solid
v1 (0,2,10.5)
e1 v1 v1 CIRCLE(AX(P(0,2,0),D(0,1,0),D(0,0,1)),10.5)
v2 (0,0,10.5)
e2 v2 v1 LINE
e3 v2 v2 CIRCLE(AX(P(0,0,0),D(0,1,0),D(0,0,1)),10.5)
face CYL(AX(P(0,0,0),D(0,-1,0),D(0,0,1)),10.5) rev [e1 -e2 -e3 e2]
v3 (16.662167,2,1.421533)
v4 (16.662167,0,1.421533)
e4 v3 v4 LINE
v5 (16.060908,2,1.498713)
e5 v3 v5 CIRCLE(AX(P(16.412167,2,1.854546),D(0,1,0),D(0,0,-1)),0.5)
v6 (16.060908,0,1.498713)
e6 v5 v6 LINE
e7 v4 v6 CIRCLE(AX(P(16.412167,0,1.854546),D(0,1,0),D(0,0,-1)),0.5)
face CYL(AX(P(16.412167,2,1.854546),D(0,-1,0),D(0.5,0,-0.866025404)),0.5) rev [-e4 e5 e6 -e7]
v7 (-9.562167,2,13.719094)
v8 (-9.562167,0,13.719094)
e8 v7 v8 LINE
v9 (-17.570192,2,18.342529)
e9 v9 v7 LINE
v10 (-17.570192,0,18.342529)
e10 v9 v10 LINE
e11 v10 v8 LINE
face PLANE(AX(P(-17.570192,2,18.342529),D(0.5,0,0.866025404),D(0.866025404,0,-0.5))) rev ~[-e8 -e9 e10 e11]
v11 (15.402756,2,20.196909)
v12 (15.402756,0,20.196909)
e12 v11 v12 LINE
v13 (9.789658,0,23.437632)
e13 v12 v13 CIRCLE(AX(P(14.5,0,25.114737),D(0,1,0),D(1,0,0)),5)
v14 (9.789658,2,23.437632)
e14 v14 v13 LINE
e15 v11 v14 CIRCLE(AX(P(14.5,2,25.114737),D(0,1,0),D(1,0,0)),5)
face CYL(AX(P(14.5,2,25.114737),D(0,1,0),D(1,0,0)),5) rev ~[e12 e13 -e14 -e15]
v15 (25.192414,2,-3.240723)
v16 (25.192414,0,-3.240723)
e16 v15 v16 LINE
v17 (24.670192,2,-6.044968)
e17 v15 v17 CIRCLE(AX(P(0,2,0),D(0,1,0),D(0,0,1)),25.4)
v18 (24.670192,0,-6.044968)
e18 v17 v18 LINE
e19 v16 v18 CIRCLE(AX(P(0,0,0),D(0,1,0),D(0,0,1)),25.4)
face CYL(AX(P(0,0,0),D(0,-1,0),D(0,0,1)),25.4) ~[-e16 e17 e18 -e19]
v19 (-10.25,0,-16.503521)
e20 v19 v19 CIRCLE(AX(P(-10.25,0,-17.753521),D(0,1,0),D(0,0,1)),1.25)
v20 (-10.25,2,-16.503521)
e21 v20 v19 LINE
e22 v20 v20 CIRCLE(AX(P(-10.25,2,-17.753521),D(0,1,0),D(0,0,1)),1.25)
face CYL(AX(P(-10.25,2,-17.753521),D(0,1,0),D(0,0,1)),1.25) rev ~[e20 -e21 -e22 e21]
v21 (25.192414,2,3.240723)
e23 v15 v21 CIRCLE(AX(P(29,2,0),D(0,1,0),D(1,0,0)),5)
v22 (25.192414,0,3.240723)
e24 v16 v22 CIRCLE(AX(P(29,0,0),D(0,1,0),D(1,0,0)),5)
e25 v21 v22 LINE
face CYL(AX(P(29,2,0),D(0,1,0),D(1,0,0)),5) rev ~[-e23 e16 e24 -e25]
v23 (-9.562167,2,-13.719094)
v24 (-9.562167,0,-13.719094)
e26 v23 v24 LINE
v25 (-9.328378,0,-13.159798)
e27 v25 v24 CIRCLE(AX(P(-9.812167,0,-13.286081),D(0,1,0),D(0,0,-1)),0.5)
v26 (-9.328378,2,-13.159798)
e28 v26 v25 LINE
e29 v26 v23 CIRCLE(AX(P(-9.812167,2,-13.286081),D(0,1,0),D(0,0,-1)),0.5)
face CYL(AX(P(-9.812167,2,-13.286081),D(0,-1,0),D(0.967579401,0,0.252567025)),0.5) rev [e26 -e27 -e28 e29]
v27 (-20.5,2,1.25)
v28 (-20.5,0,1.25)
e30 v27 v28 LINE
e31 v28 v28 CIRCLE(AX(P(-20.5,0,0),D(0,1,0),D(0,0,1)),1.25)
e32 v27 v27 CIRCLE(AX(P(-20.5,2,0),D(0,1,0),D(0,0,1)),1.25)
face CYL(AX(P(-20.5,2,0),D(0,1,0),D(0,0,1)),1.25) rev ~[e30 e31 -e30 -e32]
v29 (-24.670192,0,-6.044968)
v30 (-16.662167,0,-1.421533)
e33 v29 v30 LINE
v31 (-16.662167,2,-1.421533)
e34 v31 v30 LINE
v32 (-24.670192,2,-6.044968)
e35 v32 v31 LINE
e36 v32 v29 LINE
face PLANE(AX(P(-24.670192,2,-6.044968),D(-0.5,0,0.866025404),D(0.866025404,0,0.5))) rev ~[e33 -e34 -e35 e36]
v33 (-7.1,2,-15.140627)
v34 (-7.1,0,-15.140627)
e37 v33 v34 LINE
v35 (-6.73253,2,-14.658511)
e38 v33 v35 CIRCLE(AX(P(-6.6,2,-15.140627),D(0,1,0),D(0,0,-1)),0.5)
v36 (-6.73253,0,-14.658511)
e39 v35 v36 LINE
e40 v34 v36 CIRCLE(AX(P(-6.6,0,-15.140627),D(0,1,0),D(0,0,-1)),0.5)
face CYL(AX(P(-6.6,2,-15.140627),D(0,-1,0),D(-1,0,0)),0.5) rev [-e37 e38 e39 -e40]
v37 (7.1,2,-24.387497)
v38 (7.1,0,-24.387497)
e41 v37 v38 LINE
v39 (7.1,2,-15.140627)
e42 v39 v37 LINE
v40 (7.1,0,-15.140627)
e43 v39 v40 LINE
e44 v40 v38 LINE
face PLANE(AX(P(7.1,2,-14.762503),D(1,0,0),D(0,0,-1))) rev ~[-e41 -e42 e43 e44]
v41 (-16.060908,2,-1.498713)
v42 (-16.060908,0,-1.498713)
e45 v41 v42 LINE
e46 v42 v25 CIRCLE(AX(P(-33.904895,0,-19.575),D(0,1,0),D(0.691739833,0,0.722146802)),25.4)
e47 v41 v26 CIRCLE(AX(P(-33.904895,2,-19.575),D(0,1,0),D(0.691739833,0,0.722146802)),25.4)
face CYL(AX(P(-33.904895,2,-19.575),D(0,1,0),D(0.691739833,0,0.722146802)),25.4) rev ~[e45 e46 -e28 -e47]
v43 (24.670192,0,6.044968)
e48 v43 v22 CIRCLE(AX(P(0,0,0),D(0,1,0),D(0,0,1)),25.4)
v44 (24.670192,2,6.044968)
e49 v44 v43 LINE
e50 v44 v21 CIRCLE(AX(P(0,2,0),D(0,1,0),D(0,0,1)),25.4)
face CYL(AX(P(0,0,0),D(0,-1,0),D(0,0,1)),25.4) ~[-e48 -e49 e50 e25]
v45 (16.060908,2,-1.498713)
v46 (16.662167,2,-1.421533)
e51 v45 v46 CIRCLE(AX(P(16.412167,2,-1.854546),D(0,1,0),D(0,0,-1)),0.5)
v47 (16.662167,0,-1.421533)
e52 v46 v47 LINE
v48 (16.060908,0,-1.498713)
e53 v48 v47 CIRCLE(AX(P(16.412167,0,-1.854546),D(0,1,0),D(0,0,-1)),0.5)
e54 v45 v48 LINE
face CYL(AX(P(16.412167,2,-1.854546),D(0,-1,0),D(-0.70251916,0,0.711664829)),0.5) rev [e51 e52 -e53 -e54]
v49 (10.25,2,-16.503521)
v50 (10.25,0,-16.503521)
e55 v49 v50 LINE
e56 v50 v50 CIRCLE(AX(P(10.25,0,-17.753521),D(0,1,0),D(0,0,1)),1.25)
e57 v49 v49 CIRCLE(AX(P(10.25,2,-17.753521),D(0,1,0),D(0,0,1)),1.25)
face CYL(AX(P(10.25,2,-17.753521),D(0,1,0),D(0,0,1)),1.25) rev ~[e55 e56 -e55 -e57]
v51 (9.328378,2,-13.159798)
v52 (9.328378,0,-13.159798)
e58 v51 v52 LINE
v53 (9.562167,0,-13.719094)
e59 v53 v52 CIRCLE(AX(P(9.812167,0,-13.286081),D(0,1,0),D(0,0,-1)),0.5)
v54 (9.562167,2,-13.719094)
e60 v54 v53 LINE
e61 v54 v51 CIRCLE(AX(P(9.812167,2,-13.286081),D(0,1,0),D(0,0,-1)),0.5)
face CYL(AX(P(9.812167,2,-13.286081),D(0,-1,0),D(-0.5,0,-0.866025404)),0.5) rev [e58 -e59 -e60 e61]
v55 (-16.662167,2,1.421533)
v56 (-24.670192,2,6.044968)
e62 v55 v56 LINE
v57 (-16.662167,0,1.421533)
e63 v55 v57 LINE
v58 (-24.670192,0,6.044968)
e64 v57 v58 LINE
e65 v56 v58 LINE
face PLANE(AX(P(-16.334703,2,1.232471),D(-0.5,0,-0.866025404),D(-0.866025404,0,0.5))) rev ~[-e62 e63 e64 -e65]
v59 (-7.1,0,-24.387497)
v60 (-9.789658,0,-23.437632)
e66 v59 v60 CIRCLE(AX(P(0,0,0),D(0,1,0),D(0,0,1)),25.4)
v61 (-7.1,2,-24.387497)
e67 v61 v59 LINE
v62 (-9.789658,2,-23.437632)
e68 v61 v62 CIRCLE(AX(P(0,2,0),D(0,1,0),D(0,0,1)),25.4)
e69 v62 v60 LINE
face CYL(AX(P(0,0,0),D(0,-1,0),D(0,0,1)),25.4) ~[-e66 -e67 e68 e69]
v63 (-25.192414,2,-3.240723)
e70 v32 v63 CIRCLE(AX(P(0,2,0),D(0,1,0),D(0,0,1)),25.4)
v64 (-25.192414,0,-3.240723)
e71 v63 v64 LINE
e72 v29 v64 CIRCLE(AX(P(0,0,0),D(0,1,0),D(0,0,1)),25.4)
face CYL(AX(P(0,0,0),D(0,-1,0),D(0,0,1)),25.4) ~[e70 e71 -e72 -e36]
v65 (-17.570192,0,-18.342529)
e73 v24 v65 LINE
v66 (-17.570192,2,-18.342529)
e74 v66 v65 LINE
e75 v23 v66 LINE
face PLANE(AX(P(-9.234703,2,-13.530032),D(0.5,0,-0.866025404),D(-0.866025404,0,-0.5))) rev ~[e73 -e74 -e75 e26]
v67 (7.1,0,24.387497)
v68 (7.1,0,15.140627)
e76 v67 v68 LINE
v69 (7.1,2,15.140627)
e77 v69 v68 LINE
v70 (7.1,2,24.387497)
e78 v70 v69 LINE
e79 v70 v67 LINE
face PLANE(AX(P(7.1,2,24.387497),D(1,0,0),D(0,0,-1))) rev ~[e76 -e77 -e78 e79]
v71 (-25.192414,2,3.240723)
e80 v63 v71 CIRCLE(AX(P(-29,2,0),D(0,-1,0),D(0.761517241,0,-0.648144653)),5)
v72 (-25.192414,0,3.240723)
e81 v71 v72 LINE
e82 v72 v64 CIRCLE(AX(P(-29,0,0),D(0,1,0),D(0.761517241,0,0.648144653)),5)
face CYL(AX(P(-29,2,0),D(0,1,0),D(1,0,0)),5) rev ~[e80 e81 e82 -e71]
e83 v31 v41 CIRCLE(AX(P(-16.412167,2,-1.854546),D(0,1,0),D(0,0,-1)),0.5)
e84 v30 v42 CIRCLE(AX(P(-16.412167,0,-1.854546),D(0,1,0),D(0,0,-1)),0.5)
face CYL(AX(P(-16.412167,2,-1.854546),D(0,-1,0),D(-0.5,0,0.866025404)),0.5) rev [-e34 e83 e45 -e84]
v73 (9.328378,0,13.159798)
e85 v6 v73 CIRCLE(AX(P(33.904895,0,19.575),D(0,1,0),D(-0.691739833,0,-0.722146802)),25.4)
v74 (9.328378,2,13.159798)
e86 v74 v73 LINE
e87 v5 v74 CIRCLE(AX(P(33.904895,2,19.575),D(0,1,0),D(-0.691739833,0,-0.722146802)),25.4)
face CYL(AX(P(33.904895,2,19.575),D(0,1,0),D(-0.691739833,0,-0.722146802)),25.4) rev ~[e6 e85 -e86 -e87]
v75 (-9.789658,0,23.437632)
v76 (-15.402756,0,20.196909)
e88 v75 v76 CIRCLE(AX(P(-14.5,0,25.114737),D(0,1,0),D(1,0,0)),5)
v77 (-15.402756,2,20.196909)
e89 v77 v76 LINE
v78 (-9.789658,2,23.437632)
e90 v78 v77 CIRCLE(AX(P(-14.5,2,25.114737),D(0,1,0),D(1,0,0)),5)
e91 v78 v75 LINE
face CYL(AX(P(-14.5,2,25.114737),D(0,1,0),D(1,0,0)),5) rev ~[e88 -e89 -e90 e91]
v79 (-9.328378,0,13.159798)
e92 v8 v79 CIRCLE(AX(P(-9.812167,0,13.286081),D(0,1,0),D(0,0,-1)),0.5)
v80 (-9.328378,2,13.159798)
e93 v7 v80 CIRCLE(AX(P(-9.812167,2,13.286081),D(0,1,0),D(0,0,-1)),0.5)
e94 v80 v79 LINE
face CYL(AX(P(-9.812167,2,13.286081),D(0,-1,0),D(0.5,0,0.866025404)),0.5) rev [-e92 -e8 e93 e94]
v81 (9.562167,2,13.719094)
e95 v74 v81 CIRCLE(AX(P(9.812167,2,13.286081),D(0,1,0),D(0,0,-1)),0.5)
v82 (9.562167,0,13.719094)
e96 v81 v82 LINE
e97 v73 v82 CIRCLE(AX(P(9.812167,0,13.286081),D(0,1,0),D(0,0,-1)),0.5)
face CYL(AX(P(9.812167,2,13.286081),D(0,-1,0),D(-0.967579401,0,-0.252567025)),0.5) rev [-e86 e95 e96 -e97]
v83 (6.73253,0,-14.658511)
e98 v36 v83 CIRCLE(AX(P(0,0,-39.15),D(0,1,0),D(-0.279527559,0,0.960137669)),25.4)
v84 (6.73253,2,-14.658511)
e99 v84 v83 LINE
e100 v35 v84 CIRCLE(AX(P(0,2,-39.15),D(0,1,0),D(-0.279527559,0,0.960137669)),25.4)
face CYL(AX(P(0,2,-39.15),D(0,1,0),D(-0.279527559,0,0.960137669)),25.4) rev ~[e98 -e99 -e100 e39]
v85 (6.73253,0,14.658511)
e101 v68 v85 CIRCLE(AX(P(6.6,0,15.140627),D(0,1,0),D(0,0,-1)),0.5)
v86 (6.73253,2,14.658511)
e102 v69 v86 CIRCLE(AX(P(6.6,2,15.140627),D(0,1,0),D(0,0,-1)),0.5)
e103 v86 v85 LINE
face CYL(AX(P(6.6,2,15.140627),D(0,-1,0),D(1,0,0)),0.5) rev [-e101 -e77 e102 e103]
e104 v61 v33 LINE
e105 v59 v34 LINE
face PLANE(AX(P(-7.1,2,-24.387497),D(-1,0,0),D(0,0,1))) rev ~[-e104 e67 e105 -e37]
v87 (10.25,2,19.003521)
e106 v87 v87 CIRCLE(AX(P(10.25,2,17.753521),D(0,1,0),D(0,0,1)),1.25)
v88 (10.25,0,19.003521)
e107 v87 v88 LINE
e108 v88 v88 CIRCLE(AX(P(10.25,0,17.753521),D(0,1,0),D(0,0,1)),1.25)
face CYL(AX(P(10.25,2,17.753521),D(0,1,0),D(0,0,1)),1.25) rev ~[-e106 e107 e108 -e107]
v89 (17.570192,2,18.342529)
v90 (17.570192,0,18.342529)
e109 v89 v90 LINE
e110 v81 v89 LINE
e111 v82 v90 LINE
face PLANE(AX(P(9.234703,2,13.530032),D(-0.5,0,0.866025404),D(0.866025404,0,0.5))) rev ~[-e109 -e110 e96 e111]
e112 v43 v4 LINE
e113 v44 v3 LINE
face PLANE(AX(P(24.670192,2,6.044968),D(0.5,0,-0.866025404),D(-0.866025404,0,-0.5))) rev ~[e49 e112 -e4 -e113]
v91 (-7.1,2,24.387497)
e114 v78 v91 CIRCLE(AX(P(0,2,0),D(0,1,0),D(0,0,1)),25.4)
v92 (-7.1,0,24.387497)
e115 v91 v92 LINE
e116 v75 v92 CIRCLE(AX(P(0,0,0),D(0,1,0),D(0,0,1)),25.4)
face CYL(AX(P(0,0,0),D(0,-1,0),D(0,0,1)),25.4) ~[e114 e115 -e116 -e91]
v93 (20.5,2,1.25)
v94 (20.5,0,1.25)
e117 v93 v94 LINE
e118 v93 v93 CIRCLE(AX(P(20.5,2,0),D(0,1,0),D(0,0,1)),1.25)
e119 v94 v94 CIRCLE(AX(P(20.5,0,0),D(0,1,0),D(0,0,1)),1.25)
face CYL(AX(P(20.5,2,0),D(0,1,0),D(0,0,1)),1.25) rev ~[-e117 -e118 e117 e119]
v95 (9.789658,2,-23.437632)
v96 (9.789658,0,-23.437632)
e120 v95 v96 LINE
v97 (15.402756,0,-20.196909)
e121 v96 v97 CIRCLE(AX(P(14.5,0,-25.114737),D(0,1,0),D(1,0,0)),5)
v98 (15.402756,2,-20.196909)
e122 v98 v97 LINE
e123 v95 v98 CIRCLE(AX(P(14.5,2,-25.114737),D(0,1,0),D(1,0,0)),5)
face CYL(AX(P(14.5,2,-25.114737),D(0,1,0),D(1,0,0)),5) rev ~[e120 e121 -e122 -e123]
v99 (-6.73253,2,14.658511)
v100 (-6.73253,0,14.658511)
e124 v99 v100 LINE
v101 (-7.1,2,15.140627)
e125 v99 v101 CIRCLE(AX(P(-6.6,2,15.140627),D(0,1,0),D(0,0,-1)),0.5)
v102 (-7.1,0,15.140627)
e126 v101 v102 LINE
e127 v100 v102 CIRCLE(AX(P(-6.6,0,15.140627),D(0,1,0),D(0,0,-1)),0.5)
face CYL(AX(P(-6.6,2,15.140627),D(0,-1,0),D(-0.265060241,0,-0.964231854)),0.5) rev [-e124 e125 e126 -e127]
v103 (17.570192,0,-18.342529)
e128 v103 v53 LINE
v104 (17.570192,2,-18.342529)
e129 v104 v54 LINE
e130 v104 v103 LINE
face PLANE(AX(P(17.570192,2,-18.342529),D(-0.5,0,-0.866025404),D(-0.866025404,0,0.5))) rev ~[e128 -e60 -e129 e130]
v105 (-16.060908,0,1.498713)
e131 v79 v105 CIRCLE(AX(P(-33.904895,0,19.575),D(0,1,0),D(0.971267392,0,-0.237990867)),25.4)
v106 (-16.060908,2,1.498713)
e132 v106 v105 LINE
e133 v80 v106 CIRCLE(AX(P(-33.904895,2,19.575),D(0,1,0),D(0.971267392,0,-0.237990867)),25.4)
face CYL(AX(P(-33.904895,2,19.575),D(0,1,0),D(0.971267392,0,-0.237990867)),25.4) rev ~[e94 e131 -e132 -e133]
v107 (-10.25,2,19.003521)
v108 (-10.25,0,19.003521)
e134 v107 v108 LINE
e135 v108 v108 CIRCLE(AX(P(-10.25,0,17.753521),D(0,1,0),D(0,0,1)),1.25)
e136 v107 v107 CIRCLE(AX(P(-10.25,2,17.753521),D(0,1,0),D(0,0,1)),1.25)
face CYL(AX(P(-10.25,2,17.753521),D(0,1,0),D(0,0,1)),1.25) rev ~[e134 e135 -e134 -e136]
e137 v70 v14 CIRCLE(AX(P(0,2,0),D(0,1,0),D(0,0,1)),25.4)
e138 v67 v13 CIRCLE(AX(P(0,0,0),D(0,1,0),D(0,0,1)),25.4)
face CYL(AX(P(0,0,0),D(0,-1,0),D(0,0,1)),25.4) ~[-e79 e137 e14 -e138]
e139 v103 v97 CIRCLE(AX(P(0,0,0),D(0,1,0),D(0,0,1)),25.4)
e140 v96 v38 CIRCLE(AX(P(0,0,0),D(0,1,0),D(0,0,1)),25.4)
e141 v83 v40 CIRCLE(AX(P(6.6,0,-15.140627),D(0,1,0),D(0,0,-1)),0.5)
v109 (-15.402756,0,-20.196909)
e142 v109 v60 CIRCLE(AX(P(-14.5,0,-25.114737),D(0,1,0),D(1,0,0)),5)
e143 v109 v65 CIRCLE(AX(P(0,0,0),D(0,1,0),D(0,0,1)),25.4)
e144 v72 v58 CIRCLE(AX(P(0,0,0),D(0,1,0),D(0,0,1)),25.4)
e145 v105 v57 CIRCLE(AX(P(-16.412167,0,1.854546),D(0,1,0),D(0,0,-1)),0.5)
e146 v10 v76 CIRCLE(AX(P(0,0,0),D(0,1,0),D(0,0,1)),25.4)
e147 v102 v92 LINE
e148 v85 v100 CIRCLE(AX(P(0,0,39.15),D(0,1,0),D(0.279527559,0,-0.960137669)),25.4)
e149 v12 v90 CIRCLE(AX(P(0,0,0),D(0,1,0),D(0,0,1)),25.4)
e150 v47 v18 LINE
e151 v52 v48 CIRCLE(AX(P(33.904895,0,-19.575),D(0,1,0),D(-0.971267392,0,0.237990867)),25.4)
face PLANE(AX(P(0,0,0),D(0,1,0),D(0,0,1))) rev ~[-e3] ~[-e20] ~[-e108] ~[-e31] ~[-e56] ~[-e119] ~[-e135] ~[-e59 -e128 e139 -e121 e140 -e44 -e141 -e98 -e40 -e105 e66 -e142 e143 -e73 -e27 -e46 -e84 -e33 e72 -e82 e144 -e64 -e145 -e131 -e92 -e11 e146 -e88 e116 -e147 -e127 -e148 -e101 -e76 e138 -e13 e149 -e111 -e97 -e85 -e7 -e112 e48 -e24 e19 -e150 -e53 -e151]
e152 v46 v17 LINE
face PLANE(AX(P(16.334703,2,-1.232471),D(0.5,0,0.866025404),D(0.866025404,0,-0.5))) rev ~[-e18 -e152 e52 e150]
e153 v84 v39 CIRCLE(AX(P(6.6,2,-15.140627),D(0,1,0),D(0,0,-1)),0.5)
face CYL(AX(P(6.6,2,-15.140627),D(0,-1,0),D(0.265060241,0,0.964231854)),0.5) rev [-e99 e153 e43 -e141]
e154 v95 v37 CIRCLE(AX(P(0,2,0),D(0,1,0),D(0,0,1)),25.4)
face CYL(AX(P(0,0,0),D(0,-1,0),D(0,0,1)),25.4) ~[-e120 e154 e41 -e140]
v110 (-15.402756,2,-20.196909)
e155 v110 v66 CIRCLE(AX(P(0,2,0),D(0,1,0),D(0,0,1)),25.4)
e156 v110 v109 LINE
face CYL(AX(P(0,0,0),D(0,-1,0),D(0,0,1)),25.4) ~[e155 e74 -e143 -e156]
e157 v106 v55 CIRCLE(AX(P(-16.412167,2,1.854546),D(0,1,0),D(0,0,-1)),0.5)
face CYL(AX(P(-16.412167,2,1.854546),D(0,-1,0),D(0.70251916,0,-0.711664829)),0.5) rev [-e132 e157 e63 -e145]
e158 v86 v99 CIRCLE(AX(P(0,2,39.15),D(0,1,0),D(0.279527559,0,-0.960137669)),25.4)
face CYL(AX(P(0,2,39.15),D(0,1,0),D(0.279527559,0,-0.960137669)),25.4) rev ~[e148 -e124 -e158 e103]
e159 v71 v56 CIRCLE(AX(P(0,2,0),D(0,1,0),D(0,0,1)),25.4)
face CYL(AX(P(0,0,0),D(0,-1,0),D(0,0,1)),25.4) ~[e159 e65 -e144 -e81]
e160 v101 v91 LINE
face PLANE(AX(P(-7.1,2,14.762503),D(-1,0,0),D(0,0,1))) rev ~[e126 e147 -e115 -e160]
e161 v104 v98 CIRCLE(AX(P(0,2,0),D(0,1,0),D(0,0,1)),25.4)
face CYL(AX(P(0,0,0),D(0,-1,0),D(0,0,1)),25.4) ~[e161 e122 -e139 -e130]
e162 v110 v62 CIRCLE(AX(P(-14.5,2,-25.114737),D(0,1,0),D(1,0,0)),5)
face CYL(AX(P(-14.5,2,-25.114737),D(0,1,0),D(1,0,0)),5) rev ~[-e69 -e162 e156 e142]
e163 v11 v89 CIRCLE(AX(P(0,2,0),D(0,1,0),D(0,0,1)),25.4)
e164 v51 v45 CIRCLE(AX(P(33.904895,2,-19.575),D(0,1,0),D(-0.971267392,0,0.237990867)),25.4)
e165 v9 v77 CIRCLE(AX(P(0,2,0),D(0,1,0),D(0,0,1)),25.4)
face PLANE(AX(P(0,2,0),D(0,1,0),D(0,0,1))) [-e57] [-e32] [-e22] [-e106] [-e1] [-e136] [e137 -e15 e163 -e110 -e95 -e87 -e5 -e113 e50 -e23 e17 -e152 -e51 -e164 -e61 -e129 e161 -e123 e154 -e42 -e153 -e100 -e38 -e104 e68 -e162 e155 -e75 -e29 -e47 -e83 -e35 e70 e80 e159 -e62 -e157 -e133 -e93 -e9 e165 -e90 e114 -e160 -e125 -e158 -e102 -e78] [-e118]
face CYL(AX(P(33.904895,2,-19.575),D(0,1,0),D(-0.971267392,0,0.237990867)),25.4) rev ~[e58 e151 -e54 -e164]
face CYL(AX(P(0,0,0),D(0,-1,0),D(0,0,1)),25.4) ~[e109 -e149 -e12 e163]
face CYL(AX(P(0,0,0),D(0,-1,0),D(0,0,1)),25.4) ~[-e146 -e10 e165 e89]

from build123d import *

# Parameters (mm, degrees)
SKETCH_1_R          = 25.4
SKETCH_1_R_2        = 10.5
EXTRUDE_1_DEPTH     = 2
CUT_EXTRUDE_1_DEPTH = 36.9766591
SKETCH_3_R          = 1.25
SKETCH_3_R_2        = 5
CUT_EXTRUDE_2_DEPTH = 36.269108296
FILLET_1_R          = 0.5


with BuildPart() as part:
    # 草图1 → 凸台-拉伸1 (new body)
    with BuildSketch(Plane(origin=(0, 0, 0), x_dir=(1, 0, 0), z_dir=(0, 1, 0))):
        with Locations(Location((0, 0, 0), (0, 0, 270))):
            Circle(SKETCH_1_R)
        with Locations(Location((0, 0, 0), (0, 0, 270))):
            Circle(SKETCH_1_R_2, mode=Mode.SUBTRACT)
    extrude(amount=EXTRUDE_1_DEPTH)

    # 草图2 → 切除-拉伸1 (cut, through all)
    with BuildSketch(Plane(origin=(0, 2, 0), x_dir=(1, 0, 0), z_dir=(0, 1, 0))):
        with BuildLine():
            Line((-7.1, 24.387496797), (-7.1, 14.762503203))
            ThreePointArc((-7.1, 14.762503203), (0, 13.75), (7.1, 14.762503203))
            Line((7.1, 14.762503203), (7.1, 24.387496797))
            ThreePointArc((7.1, 24.387496797), (0, 25.4), (-7.1, 24.387496797))
        make_face()
        with BuildLine():
            Line((17.57019176, 18.342528765), (9.234702798, 13.530031969))
            ThreePointArc((9.234702798, 13.530031969), (11.907849302, 6.875), (16.334702798, 1.232471235))
            Line((16.334702798, 1.232471235), (24.67019176, 6.044968031))
            ThreePointArc((24.67019176, 6.044968031), (21.997045256, 12.7), (17.57019176, 18.342528765))
        make_face()
        with BuildLine():
            Line((24.67019176, -6.044968031), (16.334702798, -1.232471235))
            ThreePointArc((16.334702798, -1.232471235), (11.907849302, -6.875), (9.234702798, -13.530031969))
            Line((9.234702798, -13.530031969), (17.57019176, -18.342528765))
            ThreePointArc((17.57019176, -18.342528765), (21.997045256, -12.7), (24.67019176, -6.044968031))
        make_face()
        with BuildLine():
            Line((7.1, -24.387496797), (7.1, -14.762503203))
            ThreePointArc((7.1, -14.762503203), (0, -13.75), (-7.1, -14.762503203))
            Line((-7.1, -14.762503203), (-7.1, -24.387496797))
            ThreePointArc((-7.1, -24.387496797), (0, -25.4), (7.1, -24.387496797))
        make_face()
        with BuildLine():
            Line((-17.57019176, -18.342528765), (-9.234702798, -13.530031969))
            ThreePointArc((-9.234702798, -13.530031969), (-11.907849302, -6.875), (-16.334702798, -1.232471235))
            Line((-16.334702798, -1.232471235), (-24.67019176, -6.044968031))
            ThreePointArc((-24.67019176, -6.044968031), (-21.997045256, -12.7), (-17.57019176, -18.342528765))
        make_face()
        with BuildLine():
            Line((-24.67019176, 6.044968031), (-16.334702798, 1.232471235))
            ThreePointArc((-16.334702798, 1.232471235), (-11.907849302, 6.875), (-9.234702798, 13.530031969))
            Line((-9.234702798, 13.530031969), (-17.57019176, 18.342528765))
            ThreePointArc((-17.57019176, 18.342528765), (-21.997045256, 12.7), (-24.67019176, 6.044968031))
        make_face()
    extrude(amount=-CUT_EXTRUDE_1_DEPTH, mode=Mode.SUBTRACT)

    # 草图3 → 切除-拉伸2 (cut, through all)
    with BuildSketch(Plane(origin=(0, 2, 0), x_dir=(1, 0, 0), z_dir=(0, 1, 0))):
        with Locations(Location((-10.25, 17.753520778, 0), (0, 0, 270))):
            Circle(SKETCH_3_R)
        with Locations(Location((10.25, 17.753520778, 0), (0, 0, 270))):
            Circle(SKETCH_3_R)
        with Locations(Location((20.5, 0, 0), (0, 0, 270))):
            Circle(SKETCH_3_R)
        with Locations(Location((10.25, -17.753520778, 0), (0, 0, 270))):
            Circle(SKETCH_3_R)
        with Locations(Location((-10.25, -17.753520778, 0), (0, 0, 270))):
            Circle(SKETCH_3_R)
        with Locations(Location((-20.5, 0, 0), (0, 0, 270))):
            Circle(SKETCH_3_R)
        with Locations((-29, 0)):
            Circle(SKETCH_3_R_2)
        with Locations((-14.5, 25.11473671)):
            Circle(SKETCH_3_R_2)
        with Locations((14.5, 25.11473671)):
            Circle(SKETCH_3_R_2)
        with Locations((29, 0)):
            Circle(SKETCH_3_R_2)
        with Locations((14.5, -25.11473671)):
            Circle(SKETCH_3_R_2)
        with Locations((-14.5, -25.11473671)):
            Circle(SKETCH_3_R_2)
    extrude(amount=-CUT_EXTRUDE_2_DEPTH, mode=Mode.SUBTRACT)

    # 圆角1
    fillet_1_edges = [part.edges().sort_by_distance(p)[0] for p in [
        (16.334702798, 1, -1.232471235),
        (9.234702798, 1, -13.530031969),
        (9.234702798, 1, 13.530031969),
        (16.334702798, 1, 1.232471235),
        (-7.1, 1, 14.762503203),
        (7.1, 1, 14.762503203),
        (-16.334702798, 1, 1.232471235),
        (-9.234702798, 1, 13.530031969),
        (-9.234702798, 1, -13.530031969),
        (-16.334702798, 1, -1.232471235),
        (7.1, 1, -14.762503203),
        (-7.1, 1, -14.762503203),
    ]]
    fillet(fillet_1_edges, radius=FILLET_1_R)


solid = part.part
